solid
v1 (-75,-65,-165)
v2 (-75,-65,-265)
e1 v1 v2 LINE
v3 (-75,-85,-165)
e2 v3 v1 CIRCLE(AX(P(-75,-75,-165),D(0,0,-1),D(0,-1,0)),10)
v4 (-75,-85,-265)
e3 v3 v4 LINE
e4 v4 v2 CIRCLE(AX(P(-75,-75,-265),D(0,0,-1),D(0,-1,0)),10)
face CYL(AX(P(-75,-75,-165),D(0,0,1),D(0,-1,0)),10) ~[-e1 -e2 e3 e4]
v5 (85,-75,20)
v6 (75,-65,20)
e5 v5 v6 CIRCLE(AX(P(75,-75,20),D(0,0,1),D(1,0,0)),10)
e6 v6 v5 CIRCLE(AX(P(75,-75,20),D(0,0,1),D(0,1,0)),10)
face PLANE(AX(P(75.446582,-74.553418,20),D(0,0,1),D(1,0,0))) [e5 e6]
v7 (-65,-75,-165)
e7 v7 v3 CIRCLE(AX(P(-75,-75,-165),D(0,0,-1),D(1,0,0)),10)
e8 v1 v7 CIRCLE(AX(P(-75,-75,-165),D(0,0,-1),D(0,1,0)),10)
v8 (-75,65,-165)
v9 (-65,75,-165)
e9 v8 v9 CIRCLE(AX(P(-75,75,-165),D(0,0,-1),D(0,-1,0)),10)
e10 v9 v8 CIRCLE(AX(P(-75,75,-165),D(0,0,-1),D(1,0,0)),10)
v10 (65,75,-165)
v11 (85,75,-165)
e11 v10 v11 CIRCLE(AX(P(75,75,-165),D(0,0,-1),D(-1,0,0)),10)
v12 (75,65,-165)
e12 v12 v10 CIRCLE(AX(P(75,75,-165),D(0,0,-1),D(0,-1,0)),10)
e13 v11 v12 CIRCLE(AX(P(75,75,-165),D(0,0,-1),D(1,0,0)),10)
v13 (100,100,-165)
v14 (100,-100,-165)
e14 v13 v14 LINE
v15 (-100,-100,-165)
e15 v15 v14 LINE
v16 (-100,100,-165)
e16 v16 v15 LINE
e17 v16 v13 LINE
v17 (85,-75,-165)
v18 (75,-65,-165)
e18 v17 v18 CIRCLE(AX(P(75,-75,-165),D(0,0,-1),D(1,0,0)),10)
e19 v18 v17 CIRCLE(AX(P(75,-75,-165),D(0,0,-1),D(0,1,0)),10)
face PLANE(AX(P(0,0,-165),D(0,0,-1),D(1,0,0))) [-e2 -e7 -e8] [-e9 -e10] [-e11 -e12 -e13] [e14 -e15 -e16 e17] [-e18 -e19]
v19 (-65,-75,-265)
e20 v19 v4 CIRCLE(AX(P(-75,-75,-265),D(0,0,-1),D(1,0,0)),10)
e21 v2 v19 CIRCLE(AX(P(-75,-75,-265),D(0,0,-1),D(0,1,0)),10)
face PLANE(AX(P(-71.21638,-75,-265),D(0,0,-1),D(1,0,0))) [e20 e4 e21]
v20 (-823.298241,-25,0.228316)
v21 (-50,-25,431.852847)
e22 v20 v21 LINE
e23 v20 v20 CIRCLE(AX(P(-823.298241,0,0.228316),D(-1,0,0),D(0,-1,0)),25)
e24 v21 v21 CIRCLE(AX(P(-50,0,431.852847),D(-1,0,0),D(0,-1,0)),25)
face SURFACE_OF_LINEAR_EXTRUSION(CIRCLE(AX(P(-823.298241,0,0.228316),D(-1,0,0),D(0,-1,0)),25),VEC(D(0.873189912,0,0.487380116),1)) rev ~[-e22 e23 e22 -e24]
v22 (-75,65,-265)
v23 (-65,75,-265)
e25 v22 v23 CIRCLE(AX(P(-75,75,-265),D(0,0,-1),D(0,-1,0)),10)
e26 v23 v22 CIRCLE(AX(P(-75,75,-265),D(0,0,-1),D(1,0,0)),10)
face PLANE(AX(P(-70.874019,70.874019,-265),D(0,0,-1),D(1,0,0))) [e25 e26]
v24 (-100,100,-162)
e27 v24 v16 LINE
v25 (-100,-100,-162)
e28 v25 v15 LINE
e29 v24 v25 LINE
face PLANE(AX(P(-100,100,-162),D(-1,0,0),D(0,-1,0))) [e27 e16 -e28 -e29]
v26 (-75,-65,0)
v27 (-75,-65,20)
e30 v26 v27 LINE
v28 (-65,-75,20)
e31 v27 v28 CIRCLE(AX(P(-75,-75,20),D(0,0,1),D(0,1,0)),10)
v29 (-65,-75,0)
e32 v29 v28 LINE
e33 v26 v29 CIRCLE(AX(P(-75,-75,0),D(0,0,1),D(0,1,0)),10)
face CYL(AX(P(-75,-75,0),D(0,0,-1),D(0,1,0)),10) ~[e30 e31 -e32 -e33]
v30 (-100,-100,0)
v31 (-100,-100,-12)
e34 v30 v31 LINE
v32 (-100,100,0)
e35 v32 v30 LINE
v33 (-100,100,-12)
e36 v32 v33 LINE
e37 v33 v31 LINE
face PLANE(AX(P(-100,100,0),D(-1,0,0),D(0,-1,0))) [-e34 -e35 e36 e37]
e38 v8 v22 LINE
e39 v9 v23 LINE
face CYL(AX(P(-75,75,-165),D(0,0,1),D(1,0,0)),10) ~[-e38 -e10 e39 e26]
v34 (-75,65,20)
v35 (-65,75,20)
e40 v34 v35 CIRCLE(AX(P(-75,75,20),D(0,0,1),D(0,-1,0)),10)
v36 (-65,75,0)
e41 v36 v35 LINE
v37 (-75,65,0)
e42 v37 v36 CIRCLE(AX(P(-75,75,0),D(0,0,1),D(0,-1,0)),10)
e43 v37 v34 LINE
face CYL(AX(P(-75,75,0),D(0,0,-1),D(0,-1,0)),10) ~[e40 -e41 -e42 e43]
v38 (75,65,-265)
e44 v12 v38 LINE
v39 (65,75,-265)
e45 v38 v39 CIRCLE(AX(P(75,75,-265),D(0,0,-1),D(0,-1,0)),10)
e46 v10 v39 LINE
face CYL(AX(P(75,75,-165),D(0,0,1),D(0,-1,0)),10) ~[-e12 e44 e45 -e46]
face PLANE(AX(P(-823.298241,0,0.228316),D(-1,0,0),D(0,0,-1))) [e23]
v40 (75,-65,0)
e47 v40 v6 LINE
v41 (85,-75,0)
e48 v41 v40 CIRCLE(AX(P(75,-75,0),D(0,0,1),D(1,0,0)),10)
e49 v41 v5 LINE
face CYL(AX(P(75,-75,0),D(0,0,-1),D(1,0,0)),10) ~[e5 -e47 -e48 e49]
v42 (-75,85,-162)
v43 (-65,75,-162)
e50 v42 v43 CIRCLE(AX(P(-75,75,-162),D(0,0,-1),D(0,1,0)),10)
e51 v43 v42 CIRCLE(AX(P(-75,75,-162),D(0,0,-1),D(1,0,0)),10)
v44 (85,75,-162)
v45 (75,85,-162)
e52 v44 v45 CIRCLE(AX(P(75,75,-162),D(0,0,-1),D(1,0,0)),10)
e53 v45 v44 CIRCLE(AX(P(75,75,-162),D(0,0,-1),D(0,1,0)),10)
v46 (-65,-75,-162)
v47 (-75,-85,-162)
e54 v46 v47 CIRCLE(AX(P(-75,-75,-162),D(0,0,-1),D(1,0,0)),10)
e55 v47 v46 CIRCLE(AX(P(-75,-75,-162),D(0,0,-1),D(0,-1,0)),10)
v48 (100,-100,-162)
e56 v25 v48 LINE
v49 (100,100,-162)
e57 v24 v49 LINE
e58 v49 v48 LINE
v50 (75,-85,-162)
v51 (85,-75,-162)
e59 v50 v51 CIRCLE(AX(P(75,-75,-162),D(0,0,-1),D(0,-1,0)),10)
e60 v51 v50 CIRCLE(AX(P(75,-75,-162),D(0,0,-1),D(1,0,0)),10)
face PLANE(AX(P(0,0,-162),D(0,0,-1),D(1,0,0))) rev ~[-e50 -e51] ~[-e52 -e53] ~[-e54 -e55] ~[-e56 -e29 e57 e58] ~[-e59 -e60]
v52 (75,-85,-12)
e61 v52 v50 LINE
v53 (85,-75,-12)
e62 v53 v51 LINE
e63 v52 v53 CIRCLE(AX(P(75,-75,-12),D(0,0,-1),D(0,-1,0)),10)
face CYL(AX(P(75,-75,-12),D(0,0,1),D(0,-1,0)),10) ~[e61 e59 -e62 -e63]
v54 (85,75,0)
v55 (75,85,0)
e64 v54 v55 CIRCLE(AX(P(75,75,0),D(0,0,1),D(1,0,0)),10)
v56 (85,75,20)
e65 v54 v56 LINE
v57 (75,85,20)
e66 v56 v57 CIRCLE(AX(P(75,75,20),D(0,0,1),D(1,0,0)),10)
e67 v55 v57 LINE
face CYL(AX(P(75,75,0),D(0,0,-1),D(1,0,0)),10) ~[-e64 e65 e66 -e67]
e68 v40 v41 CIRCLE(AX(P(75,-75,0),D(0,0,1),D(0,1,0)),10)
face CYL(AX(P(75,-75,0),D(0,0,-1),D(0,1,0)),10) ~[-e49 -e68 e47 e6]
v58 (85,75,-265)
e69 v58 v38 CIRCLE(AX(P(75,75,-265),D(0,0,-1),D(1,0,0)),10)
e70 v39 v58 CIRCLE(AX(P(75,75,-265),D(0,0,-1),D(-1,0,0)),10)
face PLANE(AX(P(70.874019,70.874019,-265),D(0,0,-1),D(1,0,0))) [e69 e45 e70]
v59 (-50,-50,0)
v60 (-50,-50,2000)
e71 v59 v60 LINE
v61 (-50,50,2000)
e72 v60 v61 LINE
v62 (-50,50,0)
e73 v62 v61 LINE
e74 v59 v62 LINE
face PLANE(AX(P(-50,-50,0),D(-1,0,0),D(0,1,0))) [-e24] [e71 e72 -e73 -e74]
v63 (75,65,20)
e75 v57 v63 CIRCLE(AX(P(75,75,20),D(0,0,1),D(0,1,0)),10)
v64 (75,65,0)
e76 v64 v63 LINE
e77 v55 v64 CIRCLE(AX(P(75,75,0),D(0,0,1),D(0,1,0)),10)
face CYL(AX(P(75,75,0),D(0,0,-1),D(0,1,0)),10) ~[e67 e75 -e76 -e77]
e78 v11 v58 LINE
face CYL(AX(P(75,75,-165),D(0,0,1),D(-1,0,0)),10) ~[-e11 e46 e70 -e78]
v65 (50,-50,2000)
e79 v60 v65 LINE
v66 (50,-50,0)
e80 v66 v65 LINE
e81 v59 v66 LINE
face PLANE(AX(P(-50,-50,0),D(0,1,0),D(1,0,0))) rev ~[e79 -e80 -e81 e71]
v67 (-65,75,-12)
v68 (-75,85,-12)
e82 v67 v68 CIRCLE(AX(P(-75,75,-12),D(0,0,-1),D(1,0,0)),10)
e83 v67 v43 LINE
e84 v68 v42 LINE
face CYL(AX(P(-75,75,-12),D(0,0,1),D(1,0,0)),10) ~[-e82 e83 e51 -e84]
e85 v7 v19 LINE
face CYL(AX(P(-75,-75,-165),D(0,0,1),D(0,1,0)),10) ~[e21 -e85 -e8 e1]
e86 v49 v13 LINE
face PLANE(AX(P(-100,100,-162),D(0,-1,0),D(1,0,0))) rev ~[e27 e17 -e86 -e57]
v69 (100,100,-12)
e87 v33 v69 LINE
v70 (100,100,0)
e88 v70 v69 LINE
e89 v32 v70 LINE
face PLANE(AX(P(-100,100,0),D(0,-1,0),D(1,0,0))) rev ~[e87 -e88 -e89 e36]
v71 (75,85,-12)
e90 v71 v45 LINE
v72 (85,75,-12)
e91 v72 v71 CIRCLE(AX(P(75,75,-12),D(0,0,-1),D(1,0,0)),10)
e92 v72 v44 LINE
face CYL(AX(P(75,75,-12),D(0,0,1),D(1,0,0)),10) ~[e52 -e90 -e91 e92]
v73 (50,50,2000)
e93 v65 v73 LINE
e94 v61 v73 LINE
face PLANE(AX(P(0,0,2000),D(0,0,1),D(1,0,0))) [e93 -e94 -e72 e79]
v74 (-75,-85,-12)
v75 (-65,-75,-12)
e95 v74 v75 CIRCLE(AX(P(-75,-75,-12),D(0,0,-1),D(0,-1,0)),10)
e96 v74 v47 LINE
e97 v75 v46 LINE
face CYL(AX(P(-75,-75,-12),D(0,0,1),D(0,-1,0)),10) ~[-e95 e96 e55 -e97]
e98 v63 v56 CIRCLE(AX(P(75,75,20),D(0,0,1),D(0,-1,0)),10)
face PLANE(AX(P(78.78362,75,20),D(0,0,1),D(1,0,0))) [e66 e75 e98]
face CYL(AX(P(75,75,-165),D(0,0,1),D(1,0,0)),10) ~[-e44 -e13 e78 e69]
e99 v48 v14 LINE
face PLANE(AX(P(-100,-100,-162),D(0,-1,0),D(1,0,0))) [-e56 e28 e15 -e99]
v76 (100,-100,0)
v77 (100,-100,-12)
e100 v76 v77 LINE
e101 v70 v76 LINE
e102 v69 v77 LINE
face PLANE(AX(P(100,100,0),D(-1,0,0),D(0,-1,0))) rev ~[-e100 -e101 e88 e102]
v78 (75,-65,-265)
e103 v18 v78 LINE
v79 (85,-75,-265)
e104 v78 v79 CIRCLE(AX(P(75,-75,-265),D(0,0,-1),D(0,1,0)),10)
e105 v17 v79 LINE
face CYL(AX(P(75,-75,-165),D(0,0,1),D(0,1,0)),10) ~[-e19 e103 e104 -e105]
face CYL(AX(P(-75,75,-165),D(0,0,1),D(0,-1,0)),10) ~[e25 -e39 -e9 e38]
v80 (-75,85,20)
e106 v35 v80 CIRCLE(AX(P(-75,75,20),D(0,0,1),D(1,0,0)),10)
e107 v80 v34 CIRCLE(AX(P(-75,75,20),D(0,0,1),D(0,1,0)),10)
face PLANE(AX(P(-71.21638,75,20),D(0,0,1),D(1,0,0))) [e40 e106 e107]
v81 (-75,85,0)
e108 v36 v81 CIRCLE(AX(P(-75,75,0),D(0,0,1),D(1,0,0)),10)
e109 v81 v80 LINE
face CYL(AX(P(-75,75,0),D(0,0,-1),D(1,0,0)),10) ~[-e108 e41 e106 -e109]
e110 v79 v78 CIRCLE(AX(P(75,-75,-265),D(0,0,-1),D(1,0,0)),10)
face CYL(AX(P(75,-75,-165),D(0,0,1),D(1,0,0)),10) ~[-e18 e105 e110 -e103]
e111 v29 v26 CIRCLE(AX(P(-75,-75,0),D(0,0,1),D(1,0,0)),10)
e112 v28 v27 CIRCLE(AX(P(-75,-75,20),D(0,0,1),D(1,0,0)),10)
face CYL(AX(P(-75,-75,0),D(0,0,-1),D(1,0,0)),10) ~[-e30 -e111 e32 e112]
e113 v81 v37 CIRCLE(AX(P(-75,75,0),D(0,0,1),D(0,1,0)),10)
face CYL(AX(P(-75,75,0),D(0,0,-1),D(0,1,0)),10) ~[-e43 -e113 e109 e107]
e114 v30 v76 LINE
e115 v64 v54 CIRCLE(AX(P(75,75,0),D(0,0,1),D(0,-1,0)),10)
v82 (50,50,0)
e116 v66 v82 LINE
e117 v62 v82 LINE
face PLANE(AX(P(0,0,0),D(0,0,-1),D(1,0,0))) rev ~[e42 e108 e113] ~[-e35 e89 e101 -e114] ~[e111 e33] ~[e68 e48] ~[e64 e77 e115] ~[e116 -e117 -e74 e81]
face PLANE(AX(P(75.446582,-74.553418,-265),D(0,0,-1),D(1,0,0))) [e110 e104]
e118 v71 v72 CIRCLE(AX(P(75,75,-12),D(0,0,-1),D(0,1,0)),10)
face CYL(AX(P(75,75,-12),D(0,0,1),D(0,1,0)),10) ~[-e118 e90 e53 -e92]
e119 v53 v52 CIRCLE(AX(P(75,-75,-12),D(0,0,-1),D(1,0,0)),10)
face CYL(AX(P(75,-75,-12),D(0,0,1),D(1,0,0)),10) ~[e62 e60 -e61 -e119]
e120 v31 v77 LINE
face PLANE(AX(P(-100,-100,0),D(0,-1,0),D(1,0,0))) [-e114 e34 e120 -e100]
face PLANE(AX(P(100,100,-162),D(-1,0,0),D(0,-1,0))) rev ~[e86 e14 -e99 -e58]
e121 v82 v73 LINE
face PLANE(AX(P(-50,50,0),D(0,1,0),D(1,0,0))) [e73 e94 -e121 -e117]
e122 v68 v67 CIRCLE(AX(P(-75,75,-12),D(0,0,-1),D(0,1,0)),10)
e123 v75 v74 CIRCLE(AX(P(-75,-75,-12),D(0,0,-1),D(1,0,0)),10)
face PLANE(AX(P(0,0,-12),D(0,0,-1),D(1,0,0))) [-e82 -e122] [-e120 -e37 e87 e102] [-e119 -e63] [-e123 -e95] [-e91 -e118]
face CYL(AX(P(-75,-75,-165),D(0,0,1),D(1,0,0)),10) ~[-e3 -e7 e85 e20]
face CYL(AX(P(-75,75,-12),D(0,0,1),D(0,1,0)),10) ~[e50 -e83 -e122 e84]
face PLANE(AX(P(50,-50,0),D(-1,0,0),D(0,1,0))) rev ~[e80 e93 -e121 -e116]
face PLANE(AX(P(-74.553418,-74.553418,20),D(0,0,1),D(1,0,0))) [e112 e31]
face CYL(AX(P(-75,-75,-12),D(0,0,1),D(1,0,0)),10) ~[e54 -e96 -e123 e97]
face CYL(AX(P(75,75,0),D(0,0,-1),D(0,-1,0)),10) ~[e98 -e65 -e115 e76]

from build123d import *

# Parameters (mm, degrees)
F0_W      = 100
F0_H      = 100
F1_DEPTH  = 2000
F2_W      = 200
F2_H      = 200
F3_DEPTH  = 12
F5_DEPTH  = 150
F7_DEPTH  = 20
F8_W      = 200
F8_H      = 200
F9_DEPTH  = 3
F11_DEPTH = 100
F13_R     = 25


with BuildPart() as f1:
    # F0 (on Top) → F1 (new body)
    with BuildSketch(Plane.XY):
        Rectangle(F0_W, F0_H)
    extrude(amount=F1_DEPTH)

    # F2 (on face) → F3 (join)
    with BuildSketch(Plane(origin=(0, 0, 0), x_dir=(1, 0, 0), z_dir=(0, 0, -1))):
        Rectangle(F2_W, F2_H)
    extrude(amount=F3_DEPTH)

    # F4 (on face) → F5 (join)
    with BuildSketch(Plane(origin=(0, 0, -12), x_dir=(1, 0, 0), z_dir=(0, 0, -1))):
        with BuildLine():
            ThreePointArc((-75, 85), (-82.0710678119, 67.9289321881), (-65, 75))
            ThreePointArc((-65, 75), (-67.9289321881, 82.0710678119), (-75, 85))
        make_face()
        with BuildLine():
            ThreePointArc((75, 85), (67.9289321881, 67.9289321881), (85, 75))
            ThreePointArc((85, 75), (82.0710678119, 82.0710678119), (75, 85))
        make_face()
        with BuildLine():
            ThreePointArc((-75, -85), (-67.9289321881, -82.0710678119), (-65, -75))
            ThreePointArc((-65, -75), (-82.0710678119, -67.9289321881), (-75, -85))
        make_face()
        with BuildLine():
            ThreePointArc((75, -85), (82.0710678119, -82.0710678119), (85, -75))
            ThreePointArc((85, -75), (67.9289321881, -67.9289321881), (75, -85))
        make_face()
    extrude(amount=F5_DEPTH)

    # F6 (on face) → F7 (join)
    with BuildSketch(Plane.XY):
        with BuildLine():
            ThreePointArc((-65, 75), (-67.9289321881, 82.0710678119), (-75, 85))
            Line((-75, 85), (-75, 75))
            Line((-75, 75), (-75, 65))
            ThreePointArc((-75, 65), (-67.9289321881, 67.9289321881), (-65, 75))
        make_face()
        with BuildLine():
            ThreePointArc((-65, -75), (-67.9289321881, -67.9289321881), (-75, -65))
            ThreePointArc((-75, -65), (-82.0710678119, -82.0710678119), (-65, -75))
        make_face()
        with BuildLine():
            Line((-75, 75), (-75, 85))
            ThreePointArc((-75, 85), (-85, 75), (-75, 65))
            Line((-75, 65), (-75, 75))
        make_face()
        with BuildLine():
            ThreePointArc((85, 75), (82.0710678119, 82.0710678119), (75, 85))
            Line((75, 85), (75, 75))
            Line((75, 75), (75, 65))
            ThreePointArc((75, 65), (82.0710678119, 67.9289321881), (85, 75))
        make_face()
        with BuildLine():
            ThreePointArc((85, -75), (82.0710678119, -67.9289321881), (75, -65))
            ThreePointArc((75, -65), (67.9289321881, -82.0710678119), (85, -75))
        make_face()
        with BuildLine():
            Line((75, 75), (75, 85))
            ThreePointArc((75, 85), (65, 75), (75, 65))
            Line((75, 65), (75, 75))
        make_face()
    extrude(amount=F7_DEPTH)

    # F8 (on face) → F9 (join)
    with BuildSketch(Plane(origin=(0, 0, -162), x_dir=(1, 0, 0), z_dir=(0, 0, -1))):
        Rectangle(F8_W, F8_H)
    extrude(amount=F9_DEPTH)

    # F10 (on face) → F11 (join)
    with BuildSketch(Plane(origin=(0, 0, -165), x_dir=(1, 0, 0), z_dir=(0, 0, -1))):
        with BuildLine():
            ThreePointArc((-65, 75), (-67.9289321881, 82.0710678119), (-75, 85))
            Line((-75, 85), (-75, 75))
            Line((-75, 75), (-75, 65))
            ThreePointArc((-75, 65), (-67.9289321881, 67.9289321881), (-65, 75))
        make_face()
        with BuildLine():
            ThreePointArc((85, 75), (67.9289321881, 82.0710678119), (75, 65))
            ThreePointArc((75, 65), (82.0710678119, 67.9289321881), (85, 75))
        make_face()
        with BuildLine():
            ThreePointArc((75, -65), (67.9289321881, -67.9289321881), (65, -75))
            Line((65, -75), (75, -75))
            Line((75, -75), (75, -65))
        make_face()
        with BuildLine():
            Line((75, -75), (65, -75))
            ThreePointArc((65, -75), (75, -85), (85, -75))
            ThreePointArc((85, -75), (82.0710678119, -67.9289321881), (75, -65))
            Line((75, -65), (75, -75))
        make_face()
        with BuildLine():
            ThreePointArc((-65, -75), (-67.9289321881, -67.9289321881), (-75, -65))
            Line((-75, -65), (-75, -75))
            Line((-75, -75), (-65, -75))
        make_face()
        with BuildLine():
            Line((-75, -75), (-75, -65))
            ThreePointArc((-75, -65), (-82.0710678119, -82.0710678119), (-65, -75))
            Line((-65, -75), (-75, -75))
        make_face()
        with BuildLine():
            Line((-75, 75), (-75, 85))
            ThreePointArc((-75, 85), (-85, 75), (-75, 65))
            Line((-75, 65), (-75, 75))
        make_face()
    extrude(amount=F11_DEPTH)

    # F14: sweep along a path in F12
    with BuildLine(Plane.XZ) as f14_path:
        Line((-823.6663937569, 0), (-50.3681525588, 431.6245317459))
    # F13 (on face) → F14 (sweep)
    with BuildSketch(Plane(origin=(-50, 0, 0), x_dir=(0, -1, 0), z_dir=(-1, 0, 0))):
        with Locations((0, 431.8528473377)):
            Circle(F13_R)
    sweep(path=f14_path.line)


solid = f1.part
